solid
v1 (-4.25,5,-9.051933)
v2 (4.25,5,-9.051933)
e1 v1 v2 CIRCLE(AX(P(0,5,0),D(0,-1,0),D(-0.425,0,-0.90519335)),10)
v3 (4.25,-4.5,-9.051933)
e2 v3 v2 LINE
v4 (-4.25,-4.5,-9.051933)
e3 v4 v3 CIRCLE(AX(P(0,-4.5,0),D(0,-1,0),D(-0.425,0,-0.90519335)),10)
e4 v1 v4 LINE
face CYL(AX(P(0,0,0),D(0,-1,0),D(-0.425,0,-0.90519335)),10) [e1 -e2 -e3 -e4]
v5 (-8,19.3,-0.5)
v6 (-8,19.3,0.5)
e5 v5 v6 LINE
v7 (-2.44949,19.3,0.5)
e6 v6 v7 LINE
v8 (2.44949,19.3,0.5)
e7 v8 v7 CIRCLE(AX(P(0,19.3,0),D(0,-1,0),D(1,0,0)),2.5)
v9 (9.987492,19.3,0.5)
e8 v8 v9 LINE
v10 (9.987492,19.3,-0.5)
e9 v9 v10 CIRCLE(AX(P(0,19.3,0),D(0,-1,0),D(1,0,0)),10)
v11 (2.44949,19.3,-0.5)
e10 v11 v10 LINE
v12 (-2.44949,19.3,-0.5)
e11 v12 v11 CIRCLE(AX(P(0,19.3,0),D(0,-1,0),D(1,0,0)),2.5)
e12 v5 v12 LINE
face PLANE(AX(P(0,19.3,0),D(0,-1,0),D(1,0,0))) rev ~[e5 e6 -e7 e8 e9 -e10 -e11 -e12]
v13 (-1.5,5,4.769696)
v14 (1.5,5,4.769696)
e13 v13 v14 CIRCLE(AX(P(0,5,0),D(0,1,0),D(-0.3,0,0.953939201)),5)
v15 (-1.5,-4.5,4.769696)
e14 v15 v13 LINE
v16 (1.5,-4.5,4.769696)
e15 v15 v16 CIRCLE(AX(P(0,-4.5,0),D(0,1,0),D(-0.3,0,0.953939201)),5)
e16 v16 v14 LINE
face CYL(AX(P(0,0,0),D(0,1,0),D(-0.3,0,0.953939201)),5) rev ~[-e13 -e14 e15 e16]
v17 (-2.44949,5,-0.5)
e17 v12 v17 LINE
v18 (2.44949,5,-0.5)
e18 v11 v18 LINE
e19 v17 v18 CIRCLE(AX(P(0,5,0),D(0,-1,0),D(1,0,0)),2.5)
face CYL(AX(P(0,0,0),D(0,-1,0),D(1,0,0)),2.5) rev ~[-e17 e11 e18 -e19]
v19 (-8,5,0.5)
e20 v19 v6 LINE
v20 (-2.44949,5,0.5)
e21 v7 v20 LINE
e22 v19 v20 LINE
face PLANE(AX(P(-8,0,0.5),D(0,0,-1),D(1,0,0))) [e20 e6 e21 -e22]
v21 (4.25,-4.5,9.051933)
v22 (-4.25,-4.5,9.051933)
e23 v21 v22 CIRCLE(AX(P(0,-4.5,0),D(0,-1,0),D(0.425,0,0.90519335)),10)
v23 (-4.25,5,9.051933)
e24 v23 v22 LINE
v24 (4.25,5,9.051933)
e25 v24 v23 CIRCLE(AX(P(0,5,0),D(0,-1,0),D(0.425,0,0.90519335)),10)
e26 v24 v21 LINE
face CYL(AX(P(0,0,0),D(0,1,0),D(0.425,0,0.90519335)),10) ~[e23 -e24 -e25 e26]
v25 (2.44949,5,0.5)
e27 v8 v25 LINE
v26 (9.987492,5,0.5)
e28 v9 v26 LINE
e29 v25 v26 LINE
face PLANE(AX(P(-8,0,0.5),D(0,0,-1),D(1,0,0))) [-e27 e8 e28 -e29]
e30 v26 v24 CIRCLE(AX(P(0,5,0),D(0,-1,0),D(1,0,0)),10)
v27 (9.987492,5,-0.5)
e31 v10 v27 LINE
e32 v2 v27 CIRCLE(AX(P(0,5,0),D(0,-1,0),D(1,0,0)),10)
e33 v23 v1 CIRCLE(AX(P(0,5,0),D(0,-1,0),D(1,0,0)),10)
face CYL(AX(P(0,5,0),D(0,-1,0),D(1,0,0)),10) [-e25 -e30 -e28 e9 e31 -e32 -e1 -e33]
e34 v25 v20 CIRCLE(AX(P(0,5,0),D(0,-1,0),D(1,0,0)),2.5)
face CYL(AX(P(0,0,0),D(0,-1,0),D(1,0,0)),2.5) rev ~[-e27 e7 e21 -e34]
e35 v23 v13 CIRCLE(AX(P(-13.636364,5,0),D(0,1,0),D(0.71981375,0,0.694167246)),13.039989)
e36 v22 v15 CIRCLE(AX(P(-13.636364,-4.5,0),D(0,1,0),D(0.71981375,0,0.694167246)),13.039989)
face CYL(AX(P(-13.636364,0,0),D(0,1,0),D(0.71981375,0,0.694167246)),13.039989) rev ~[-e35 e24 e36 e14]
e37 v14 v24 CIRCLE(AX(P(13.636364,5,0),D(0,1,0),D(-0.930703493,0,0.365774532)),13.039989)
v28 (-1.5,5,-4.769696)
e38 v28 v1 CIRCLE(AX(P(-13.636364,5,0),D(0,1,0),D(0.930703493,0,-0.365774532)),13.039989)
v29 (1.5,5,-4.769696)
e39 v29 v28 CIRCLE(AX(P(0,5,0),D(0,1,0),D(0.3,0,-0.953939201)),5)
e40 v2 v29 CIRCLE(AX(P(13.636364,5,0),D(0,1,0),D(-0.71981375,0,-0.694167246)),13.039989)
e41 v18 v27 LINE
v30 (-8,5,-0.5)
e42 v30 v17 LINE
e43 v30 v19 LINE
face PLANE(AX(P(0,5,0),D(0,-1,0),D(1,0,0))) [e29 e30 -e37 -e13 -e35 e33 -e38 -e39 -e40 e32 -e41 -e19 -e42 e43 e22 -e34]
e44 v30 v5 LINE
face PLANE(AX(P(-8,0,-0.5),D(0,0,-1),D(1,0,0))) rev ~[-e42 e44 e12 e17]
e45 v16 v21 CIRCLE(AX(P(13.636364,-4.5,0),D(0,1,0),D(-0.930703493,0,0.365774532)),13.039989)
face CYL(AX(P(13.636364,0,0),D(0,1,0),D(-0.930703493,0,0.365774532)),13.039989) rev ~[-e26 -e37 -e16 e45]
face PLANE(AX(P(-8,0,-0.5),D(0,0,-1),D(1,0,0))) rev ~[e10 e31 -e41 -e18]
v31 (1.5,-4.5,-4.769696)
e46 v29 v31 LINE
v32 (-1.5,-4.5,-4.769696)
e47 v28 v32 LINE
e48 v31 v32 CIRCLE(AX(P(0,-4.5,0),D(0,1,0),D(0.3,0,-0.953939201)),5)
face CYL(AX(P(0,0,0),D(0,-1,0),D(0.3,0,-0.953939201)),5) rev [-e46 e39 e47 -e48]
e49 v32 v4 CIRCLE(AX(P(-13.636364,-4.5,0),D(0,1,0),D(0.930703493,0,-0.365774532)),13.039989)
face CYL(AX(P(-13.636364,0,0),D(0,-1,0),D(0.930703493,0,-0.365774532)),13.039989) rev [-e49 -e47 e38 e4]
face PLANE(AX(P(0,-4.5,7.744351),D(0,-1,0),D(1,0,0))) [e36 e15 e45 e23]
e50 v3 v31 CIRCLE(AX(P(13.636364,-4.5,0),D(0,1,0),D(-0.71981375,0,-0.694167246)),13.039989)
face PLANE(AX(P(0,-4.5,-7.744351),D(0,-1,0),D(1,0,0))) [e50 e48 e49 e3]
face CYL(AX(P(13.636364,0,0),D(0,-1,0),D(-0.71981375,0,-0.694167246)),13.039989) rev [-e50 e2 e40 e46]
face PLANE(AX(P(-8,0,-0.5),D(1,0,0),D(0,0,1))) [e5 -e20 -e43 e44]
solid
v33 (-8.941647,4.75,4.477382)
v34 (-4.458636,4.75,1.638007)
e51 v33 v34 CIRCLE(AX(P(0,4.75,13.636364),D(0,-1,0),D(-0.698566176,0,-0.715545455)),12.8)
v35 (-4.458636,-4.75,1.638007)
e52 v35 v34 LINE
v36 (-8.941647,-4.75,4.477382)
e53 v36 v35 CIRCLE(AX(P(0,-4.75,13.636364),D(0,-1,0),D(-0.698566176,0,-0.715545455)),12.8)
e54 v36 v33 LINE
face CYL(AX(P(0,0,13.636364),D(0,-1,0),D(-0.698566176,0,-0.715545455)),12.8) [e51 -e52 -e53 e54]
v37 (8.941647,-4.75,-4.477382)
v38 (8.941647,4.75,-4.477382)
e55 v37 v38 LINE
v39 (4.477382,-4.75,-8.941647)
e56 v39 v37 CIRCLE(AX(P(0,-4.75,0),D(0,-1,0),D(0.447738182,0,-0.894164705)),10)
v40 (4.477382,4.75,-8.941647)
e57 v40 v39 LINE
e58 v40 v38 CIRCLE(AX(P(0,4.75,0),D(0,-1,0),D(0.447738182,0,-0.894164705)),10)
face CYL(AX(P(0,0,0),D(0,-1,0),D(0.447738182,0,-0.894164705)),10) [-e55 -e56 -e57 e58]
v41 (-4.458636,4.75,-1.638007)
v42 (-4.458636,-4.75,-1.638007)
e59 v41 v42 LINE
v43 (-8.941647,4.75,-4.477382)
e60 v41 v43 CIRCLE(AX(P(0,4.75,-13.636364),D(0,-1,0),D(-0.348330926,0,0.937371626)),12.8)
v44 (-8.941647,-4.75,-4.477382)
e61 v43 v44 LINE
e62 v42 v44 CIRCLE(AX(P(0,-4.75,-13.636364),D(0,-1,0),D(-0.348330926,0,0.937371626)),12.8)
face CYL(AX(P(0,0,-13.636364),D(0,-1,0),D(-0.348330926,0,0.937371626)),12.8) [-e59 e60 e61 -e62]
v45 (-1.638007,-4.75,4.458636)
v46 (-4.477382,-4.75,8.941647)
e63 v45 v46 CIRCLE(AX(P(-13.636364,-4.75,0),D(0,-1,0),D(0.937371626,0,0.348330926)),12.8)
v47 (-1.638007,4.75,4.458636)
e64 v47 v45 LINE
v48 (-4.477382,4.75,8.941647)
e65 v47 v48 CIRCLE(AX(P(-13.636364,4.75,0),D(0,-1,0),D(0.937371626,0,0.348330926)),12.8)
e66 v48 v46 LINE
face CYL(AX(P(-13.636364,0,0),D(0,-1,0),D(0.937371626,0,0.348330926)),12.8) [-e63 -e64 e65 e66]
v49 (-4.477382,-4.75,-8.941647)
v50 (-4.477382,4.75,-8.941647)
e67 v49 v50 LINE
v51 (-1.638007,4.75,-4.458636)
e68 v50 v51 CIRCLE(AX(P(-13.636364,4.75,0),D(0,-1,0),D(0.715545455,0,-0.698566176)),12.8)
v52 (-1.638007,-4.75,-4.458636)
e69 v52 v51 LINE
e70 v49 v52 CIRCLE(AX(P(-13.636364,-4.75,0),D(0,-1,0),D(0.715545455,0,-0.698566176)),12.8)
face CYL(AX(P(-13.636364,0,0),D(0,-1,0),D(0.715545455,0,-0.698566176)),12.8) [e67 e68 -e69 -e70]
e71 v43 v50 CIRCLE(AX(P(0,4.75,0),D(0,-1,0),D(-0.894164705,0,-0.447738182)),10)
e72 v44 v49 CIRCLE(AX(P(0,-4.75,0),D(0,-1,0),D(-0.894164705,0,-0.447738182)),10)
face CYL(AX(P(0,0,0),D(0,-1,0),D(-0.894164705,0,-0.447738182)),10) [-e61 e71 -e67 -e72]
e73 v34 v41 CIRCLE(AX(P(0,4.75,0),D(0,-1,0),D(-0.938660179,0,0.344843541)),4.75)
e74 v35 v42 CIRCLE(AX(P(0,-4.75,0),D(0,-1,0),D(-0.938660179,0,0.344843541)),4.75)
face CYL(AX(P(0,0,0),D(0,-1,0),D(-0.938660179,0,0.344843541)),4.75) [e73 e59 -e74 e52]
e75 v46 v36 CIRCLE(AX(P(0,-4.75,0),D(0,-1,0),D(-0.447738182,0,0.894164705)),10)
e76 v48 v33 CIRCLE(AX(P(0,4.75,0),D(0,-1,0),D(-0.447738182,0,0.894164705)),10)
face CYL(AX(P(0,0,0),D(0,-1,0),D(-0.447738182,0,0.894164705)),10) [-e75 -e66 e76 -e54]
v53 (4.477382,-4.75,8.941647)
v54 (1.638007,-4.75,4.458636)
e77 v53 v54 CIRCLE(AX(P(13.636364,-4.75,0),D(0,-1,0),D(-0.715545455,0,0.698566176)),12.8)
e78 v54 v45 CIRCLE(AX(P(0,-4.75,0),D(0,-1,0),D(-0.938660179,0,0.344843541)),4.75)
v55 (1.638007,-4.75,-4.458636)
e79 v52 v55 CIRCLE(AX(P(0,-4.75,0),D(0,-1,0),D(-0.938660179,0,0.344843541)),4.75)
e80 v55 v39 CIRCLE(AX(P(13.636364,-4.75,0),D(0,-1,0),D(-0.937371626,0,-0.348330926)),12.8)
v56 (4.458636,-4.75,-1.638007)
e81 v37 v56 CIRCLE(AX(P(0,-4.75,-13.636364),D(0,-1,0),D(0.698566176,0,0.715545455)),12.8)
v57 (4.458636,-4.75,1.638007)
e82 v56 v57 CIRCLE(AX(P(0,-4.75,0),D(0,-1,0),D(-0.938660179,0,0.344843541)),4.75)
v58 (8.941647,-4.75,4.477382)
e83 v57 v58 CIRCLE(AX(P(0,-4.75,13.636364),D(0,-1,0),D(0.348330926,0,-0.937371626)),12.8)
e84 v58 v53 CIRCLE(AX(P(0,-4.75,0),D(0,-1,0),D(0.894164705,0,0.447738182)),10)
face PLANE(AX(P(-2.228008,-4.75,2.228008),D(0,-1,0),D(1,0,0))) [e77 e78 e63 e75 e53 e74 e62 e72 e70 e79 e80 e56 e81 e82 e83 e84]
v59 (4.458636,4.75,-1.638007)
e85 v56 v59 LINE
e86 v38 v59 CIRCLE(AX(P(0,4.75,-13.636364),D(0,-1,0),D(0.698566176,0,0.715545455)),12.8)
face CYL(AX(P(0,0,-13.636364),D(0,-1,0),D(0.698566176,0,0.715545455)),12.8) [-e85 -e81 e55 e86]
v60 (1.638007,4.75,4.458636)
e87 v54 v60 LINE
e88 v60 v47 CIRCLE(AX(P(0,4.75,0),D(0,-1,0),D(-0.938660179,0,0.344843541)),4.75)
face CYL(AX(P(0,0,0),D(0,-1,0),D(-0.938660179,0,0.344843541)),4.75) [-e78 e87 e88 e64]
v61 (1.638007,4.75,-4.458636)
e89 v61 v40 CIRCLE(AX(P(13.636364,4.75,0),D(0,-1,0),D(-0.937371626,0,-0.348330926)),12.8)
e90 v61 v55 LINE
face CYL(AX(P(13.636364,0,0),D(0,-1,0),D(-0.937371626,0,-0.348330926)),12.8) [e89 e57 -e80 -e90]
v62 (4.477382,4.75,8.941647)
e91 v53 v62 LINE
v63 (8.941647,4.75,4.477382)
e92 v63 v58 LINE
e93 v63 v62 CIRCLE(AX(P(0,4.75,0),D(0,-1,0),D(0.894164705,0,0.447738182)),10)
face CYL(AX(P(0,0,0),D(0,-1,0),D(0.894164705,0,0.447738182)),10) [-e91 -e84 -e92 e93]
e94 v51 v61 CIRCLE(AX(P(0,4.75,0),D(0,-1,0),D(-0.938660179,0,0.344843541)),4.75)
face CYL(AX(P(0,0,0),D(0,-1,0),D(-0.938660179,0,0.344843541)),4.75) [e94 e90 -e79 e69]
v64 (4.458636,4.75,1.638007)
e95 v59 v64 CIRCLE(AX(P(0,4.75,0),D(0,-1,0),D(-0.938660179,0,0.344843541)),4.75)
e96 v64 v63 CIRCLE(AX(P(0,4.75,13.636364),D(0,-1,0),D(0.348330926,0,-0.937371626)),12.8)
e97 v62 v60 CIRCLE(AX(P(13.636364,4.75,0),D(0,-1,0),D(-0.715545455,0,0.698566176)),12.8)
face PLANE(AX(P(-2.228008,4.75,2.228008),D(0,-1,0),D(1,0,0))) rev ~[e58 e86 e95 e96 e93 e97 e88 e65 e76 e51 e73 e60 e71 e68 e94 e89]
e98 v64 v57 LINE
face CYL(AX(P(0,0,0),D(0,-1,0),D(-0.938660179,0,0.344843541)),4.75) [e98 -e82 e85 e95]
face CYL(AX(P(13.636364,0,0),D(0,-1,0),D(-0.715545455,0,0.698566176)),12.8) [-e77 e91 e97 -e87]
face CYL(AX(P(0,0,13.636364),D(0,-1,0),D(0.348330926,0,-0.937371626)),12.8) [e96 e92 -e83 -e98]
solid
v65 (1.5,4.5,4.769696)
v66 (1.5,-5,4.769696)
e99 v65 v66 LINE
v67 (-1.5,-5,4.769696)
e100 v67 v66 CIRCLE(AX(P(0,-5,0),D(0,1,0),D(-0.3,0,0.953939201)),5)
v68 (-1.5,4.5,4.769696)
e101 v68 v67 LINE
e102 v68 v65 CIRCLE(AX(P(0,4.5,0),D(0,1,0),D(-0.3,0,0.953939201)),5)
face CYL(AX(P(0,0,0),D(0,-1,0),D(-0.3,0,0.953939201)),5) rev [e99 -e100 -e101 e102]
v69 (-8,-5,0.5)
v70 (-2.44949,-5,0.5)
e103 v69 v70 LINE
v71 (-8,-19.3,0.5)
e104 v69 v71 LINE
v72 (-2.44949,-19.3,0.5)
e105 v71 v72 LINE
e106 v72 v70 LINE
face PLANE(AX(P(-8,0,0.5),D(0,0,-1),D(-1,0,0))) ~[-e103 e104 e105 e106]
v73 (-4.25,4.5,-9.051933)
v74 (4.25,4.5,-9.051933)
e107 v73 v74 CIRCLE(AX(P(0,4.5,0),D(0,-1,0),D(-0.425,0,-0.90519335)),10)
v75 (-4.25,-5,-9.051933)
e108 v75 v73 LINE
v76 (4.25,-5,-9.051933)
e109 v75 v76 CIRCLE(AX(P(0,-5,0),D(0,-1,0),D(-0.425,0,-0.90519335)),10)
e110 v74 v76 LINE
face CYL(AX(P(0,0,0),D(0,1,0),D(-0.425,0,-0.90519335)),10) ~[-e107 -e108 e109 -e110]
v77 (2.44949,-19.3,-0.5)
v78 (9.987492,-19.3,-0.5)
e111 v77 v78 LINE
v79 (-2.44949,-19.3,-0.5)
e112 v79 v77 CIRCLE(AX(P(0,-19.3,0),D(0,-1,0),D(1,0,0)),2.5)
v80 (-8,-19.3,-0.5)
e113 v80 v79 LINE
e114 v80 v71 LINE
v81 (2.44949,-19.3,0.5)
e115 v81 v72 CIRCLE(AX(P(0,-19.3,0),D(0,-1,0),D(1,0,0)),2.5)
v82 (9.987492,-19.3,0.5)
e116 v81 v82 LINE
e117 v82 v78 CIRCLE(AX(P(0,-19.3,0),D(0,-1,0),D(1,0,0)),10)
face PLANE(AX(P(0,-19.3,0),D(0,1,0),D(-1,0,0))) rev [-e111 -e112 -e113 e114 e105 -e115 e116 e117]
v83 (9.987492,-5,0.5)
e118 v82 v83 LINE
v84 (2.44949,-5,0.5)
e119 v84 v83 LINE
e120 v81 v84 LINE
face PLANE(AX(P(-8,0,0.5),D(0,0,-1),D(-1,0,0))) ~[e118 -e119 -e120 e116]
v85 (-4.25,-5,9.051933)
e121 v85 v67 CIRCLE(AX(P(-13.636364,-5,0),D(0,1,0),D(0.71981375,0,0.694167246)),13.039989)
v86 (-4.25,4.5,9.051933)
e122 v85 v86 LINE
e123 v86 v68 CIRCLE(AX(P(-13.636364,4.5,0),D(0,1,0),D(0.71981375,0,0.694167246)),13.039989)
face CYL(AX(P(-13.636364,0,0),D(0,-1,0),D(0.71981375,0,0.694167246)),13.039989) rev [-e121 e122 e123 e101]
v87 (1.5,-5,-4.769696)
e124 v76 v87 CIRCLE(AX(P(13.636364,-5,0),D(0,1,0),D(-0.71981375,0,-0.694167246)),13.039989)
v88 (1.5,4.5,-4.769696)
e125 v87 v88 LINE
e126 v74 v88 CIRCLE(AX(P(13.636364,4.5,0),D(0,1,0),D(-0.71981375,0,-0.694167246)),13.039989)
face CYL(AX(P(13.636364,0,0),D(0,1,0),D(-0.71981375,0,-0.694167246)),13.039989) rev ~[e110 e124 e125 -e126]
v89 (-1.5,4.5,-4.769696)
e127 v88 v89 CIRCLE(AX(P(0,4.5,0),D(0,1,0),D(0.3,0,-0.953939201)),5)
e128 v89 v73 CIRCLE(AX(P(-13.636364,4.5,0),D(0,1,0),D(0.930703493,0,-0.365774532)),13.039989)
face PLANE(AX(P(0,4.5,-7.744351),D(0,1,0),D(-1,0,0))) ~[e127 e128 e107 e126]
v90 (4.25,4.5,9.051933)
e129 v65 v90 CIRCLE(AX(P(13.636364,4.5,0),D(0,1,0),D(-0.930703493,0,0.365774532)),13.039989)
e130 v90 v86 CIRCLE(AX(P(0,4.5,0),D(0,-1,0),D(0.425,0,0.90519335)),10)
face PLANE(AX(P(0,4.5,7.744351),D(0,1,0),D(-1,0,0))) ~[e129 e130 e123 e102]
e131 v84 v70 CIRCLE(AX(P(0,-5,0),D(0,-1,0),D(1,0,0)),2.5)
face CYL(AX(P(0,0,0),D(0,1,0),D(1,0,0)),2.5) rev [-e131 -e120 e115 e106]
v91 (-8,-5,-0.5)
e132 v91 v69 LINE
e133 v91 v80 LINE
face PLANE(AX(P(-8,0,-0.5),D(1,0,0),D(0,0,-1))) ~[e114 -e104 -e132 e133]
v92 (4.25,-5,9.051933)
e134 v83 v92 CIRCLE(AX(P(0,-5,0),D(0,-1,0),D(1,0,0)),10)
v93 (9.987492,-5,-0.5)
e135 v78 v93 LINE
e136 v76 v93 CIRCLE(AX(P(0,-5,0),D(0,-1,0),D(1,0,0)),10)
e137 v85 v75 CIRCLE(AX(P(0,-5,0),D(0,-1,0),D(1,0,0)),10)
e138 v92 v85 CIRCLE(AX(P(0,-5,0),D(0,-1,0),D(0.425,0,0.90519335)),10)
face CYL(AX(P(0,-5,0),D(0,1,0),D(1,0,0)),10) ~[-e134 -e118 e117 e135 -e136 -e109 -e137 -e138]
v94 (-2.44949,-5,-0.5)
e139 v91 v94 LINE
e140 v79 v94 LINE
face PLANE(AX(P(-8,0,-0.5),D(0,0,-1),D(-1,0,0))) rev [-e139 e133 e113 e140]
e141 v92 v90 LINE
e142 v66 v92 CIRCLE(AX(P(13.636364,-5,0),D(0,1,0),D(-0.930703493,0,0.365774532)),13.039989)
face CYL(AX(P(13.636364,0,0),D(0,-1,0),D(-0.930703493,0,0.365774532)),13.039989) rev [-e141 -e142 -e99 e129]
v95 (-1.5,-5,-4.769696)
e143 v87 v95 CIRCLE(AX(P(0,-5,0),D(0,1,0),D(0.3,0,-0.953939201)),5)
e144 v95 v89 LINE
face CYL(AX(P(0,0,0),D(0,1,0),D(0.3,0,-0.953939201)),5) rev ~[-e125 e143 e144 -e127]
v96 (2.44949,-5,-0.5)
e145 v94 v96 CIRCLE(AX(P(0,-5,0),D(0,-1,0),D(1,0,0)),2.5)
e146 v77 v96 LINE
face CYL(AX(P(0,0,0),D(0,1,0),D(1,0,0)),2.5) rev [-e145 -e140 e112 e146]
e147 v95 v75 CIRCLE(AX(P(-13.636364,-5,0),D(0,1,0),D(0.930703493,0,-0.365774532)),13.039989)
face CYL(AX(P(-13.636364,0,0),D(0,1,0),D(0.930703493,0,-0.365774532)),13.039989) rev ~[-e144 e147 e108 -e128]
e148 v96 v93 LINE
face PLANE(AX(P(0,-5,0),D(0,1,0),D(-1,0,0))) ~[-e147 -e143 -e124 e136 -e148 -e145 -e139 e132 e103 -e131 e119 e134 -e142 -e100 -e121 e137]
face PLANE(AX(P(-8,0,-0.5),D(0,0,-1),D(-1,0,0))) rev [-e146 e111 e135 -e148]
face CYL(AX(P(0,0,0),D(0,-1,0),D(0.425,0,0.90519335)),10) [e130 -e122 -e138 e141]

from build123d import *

# Parameters (mm, degrees)
F3_DEPTH      = 4.75
F4_COUNT      = 4
F5_START      = -5
F0_R          = 10
F5_DEPTH      = 14.3
F6_W          = 18
F6_H          = 1
F7_DEPTH      = 25
F8_DEPTH      = 5
F8_DEPTH_BACK = 4.5
F9_R          = 2.5
F10_DEPTH     = 19.301
F12_ANGLE     = 90


with BuildPart() as f3:
    # F2 (on Front) → F3 (new body, symmetric)
    with BuildSketch(Plane.XZ):
        with BuildLine():
            ThreePointArc((-4.4586358523, 1.6380068182), (3.3587572106, -3.3587572106), (-1.6380068182, 4.4586358523))
            ThreePointArc((-1.6380068182, 4.4586358523), (-2.8228261992, 6.8488983126), (-4.4773818182, 8.9416470549))
            ThreePointArc((-4.4773818182, 8.9416470549), (-7.0710678119, 7.0710678119), (-8.9416470549, 4.4773818182))
            ThreePointArc((-8.9416470549, 4.4773818182), (-6.8488983126, 2.8228261992), (-4.4586358523, 1.6380068182))
        make_face()
    extrude(amount=F3_DEPTH, both=True)

    # F4: F3 ×4 about axis
    f4_axis = Axis((0, 0, 0), (0, -1, 0))


with BuildPart() as f3_1:
    add(f3.part)
    for i in range(1, F4_COUNT):
        add(f3.part.rotate(f4_axis, i * 360 / F4_COUNT))


with BuildPart() as f5:
    # F0 (on Front) → F5 (new body)
    with BuildSketch(Plane.XZ.offset(F5_START)):
        Circle(F0_R)
    extrude(amount=-F5_DEPTH)

    # F6 (on Front) → F7 (cut)
    with BuildSketch(Plane.XZ):
        with Locations((1, 0)):
            Rectangle(F6_W, F6_H)
    extrude(amount=-F7_DEPTH, mode=Mode.SUBTRACT)

    # F1 (on Front) → F8 (join, two sides)
    with BuildSketch(Plane.XZ) as f8_sk:
        with BuildLine():
            ThreePointArc((1.5, 4.7696960071), (2.6640650262, 7.0462745848), (4.25, 9.0519334951))
            ThreePointArc((4.25, 9.0519334951), (0, 10), (-4.25, 9.0519334951))
            ThreePointArc((-4.25, 9.0519334951), (-2.6640650262, 7.0462745848), (-1.5, 4.7696960071))
            ThreePointArc((-1.5, 4.7696960071), (0, 5), (1.5, 4.7696960071))
        make_face()
        with BuildLine():
            ThreePointArc((-1.5, -4.7696960071), (-2.6640650262, -7.0462745848), (-4.25, -9.0519334951))
            ThreePointArc((-4.25, -9.0519334951), (0, -10), (4.25, -9.0519334951))
            ThreePointArc((4.25, -9.0519334951), (2.6640650262, -7.0462745848), (1.5, -4.7696960071))
            ThreePointArc((1.5, -4.7696960071), (0, -5), (-1.5, -4.7696960071))
        make_face()
    extrude(amount=-F8_DEPTH)
    extrude(f8_sk.sketch, amount=F8_DEPTH_BACK)

    # F9 (on Front) → F10 (cut, through all)
    with BuildSketch(Plane.XZ):
        Circle(F9_R)
    extrude(amount=-F10_DEPTH, mode=Mode.SUBTRACT)


with BuildPart() as f11_1:
    # F11: instance of F5
    add(f5.part.mirror(Plane.XZ))


with BuildPart() as f11_1_1:
    # F12: moved
    add(f11_1.part.rotate(Axis((0, -5, 0), (0, 1, 0)), F12_ANGLE))


solid = Compound([f3_1.part, f5.part, f11_1_1.part])
